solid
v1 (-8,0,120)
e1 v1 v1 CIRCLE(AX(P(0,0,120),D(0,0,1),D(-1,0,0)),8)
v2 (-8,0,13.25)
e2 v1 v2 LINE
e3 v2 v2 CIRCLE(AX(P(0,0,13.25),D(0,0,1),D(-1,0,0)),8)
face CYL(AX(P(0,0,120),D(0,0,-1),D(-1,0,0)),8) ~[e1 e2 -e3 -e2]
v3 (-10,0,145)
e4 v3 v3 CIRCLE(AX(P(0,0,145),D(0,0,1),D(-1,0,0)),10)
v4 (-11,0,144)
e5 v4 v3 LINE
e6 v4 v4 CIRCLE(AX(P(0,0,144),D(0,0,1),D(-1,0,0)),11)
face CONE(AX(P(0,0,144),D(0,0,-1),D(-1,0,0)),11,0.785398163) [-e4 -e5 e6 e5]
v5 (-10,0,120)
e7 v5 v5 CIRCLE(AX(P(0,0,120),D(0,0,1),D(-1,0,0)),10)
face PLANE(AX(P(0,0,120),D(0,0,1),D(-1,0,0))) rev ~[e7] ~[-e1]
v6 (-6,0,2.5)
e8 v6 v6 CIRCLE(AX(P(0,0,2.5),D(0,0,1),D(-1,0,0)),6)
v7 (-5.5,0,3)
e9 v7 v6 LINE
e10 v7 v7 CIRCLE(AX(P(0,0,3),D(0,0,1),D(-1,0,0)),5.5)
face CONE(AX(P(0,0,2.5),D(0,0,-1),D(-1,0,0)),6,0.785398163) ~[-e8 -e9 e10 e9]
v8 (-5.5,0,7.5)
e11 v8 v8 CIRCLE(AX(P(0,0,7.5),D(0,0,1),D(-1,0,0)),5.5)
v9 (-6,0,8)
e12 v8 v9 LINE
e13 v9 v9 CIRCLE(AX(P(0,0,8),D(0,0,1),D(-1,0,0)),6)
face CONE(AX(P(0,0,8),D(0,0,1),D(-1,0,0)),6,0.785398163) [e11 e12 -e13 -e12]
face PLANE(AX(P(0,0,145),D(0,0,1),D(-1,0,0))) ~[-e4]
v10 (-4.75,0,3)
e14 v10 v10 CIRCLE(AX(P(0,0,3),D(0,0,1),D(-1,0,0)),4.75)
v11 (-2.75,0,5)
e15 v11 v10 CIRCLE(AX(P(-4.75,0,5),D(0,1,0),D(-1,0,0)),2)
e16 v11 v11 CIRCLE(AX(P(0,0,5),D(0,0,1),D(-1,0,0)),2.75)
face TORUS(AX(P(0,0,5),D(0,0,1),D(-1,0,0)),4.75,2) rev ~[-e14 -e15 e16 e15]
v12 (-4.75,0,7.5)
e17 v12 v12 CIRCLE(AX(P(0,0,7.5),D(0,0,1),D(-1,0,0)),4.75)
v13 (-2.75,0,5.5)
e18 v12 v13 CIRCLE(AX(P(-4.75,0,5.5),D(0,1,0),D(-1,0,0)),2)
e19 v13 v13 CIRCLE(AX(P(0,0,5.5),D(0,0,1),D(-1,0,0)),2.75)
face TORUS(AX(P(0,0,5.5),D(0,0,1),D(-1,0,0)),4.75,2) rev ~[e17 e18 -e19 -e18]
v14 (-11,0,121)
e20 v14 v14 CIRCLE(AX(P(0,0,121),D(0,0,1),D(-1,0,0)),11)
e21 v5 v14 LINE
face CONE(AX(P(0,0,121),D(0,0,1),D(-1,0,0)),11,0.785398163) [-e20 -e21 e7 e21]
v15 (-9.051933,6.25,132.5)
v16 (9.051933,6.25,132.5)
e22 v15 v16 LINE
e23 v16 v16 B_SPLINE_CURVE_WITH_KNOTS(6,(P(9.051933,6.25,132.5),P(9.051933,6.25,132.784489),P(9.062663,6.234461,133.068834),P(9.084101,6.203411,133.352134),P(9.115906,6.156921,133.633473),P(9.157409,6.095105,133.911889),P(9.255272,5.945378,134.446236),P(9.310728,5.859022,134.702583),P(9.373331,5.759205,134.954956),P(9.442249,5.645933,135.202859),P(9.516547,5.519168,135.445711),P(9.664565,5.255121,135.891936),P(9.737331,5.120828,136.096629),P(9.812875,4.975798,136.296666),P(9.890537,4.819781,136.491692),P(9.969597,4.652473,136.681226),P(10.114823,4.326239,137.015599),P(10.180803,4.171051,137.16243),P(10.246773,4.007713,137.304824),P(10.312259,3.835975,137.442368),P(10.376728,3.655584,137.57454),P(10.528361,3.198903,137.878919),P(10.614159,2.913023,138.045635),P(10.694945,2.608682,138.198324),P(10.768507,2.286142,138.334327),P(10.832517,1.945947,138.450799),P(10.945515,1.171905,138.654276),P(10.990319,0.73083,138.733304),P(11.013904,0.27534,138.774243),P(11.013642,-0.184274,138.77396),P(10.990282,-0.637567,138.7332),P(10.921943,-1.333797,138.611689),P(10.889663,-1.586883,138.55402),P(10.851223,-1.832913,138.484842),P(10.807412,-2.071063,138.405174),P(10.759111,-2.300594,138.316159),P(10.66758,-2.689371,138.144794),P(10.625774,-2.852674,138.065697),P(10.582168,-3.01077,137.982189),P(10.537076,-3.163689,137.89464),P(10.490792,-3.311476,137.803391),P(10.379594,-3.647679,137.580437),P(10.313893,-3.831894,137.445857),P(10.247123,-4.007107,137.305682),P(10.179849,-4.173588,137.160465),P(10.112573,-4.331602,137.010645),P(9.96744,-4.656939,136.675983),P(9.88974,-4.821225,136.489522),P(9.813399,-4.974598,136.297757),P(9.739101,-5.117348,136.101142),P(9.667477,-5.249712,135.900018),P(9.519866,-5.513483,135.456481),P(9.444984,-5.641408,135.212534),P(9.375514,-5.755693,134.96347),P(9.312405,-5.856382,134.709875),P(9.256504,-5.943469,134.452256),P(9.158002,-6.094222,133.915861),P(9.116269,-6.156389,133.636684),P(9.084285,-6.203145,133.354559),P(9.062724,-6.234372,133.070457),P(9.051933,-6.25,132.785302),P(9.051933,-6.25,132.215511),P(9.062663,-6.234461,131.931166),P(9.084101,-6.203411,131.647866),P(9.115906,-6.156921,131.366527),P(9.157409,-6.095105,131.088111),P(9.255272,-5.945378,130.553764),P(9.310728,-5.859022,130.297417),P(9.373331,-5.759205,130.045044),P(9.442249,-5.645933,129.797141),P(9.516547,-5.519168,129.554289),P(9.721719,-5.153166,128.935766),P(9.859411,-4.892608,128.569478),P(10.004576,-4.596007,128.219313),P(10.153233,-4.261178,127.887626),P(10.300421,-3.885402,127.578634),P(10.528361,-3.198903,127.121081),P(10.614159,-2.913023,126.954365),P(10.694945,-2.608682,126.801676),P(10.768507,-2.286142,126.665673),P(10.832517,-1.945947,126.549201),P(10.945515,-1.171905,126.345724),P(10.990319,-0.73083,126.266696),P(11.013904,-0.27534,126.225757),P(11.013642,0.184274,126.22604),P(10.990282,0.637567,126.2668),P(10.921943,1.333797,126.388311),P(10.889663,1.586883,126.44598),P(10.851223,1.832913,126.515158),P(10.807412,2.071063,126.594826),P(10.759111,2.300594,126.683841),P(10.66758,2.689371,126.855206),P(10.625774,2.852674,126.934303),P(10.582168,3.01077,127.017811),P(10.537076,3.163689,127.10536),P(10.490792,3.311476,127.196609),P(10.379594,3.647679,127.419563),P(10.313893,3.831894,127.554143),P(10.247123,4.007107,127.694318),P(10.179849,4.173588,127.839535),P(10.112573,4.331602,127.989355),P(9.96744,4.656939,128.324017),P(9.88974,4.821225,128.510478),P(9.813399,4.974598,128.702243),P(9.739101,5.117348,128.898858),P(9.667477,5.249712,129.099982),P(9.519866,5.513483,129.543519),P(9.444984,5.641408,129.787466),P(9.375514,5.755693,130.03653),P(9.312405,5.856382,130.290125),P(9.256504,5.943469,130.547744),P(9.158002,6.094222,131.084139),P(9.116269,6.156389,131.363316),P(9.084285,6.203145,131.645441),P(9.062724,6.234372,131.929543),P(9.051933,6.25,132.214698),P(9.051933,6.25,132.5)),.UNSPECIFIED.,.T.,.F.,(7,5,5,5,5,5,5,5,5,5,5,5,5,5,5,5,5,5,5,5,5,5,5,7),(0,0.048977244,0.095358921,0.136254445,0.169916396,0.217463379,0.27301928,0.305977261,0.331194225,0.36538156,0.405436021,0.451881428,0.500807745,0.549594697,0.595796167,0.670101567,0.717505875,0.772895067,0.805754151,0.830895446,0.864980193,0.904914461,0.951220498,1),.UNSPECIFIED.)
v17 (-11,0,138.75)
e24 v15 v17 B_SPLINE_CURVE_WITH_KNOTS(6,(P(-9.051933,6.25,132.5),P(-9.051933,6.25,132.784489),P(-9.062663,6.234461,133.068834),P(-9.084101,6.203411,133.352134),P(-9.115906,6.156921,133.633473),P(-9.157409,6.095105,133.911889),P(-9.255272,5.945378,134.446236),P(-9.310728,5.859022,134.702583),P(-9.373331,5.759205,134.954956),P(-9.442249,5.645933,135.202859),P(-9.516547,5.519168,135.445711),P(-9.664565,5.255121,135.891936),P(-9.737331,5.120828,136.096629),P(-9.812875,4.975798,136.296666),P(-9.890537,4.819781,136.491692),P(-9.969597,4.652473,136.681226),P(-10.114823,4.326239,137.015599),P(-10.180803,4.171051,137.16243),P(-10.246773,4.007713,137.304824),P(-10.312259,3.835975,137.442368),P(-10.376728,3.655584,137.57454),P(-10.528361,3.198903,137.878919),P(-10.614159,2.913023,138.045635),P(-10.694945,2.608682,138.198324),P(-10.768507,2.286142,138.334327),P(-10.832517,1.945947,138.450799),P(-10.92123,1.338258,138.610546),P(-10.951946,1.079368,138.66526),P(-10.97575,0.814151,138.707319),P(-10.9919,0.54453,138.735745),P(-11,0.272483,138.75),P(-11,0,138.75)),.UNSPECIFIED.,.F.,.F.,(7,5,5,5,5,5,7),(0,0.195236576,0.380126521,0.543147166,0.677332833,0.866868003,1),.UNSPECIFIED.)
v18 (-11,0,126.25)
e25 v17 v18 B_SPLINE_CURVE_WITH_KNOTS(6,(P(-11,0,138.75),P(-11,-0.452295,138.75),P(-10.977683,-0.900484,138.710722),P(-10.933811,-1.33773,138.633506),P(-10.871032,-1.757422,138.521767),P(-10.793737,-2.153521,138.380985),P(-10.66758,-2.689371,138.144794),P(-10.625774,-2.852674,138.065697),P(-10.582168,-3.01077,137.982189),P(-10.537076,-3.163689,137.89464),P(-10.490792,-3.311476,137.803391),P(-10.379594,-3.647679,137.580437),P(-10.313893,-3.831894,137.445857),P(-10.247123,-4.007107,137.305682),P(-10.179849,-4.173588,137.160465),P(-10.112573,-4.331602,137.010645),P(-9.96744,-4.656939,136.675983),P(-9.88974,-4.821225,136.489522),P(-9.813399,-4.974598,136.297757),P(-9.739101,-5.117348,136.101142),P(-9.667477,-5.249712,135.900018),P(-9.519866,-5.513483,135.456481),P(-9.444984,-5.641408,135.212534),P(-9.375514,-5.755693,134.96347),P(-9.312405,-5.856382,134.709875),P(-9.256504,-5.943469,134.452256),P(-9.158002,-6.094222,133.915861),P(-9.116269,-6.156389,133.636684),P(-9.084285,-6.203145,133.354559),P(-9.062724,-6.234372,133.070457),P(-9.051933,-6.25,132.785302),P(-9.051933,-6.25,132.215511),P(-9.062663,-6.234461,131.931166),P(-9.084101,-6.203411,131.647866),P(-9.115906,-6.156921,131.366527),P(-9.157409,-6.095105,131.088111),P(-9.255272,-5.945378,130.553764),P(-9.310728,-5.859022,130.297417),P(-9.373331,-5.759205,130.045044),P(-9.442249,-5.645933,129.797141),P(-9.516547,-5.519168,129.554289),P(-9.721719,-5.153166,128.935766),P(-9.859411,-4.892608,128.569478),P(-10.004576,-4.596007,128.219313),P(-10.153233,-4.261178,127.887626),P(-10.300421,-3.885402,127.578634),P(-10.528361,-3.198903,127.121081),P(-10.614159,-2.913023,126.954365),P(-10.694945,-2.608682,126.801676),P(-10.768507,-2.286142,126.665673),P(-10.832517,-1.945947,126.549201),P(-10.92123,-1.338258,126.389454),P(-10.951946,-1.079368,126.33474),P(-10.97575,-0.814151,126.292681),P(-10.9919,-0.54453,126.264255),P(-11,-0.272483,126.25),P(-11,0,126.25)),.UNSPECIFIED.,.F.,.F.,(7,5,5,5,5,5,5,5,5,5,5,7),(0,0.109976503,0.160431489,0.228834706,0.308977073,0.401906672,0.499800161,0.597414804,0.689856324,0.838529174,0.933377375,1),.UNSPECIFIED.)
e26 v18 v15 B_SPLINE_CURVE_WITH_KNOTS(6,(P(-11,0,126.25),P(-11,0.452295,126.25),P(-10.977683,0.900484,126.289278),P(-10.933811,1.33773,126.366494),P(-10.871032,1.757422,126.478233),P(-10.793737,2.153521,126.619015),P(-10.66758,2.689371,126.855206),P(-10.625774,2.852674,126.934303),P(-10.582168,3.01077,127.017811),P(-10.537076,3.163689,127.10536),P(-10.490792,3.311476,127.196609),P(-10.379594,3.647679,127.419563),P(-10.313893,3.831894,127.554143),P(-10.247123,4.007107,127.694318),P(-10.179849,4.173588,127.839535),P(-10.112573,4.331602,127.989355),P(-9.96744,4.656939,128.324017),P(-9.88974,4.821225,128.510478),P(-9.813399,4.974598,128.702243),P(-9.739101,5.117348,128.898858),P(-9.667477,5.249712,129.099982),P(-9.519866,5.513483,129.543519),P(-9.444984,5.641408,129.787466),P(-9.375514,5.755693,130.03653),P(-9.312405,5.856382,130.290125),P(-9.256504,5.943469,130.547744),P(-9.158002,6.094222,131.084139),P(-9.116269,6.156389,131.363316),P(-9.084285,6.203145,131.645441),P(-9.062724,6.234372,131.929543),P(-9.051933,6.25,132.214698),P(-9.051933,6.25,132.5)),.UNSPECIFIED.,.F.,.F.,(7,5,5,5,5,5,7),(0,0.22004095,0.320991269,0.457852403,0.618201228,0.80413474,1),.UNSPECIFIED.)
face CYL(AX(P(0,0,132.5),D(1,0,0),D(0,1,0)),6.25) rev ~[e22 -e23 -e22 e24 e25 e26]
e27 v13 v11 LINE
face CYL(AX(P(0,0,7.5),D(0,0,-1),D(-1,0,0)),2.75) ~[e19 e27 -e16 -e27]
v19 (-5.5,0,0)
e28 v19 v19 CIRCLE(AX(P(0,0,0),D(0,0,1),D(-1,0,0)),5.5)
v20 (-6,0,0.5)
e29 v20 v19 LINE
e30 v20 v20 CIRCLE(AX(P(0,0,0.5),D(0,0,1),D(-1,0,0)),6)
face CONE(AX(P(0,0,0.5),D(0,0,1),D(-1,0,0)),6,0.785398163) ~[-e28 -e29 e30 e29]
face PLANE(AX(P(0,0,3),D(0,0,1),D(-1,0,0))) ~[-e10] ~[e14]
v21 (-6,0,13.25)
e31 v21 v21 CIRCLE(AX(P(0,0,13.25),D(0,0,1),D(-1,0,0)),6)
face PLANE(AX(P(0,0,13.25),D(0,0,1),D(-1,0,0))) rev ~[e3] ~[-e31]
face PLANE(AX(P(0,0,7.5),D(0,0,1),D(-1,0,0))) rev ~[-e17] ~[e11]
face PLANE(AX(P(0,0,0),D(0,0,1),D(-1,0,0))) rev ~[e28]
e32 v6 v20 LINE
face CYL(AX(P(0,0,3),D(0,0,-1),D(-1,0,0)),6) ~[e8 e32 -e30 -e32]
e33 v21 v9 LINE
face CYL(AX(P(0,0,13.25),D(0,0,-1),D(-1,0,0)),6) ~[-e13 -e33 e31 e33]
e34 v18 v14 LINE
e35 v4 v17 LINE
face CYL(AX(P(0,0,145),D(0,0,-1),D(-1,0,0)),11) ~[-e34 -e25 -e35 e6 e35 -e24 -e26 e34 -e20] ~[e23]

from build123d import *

# Parameters (mm, degrees)
F2_R     = 2
F3_SIZE  = 0.5
F4_R     = 6.25
F5_DEPTH = 20.1
F6_SIZE  = 1


with BuildPart() as f1:
    # F0 (on Front) → F1 (revolve)
    with BuildSketch(Plane.XZ):
        Polygon((-6, 0), (0, 0), (0, 145), (-11, 145), (-11, 120), (-8, 120), (-8, 13.25), (-6, 13.25), (-6, 7.5), (-2.75, 7.5), (-2.75, 3), (-6, 3), align=None)
    revolve(axis=Axis((0, 0, 49.5666371724), (0, 0, 1)))

    # F2
    f2_edges = [f1.edges().sort_by_distance(p)[0] for p in [
        (2.75, 0, 7.5),
        (2.75, 0, 3),
        (-2.75, 0, 5.25),
    ]]
    fillet(f2_edges, radius=F2_R)

    # F3
    f3_edges = [f1.edges().sort_by_distance(p)[0] for p in [
        (6, 0, 7.5),
        (6, 0, 3),
        (6, 0, 0),
    ]]
    chamfer(f3_edges, length=F3_SIZE)

    # F4 (on Right) → F5 (cut, symmetric)
    with BuildSketch(Plane.YZ):
        with Locations((0, 132.5)):
            Circle(F4_R)
    extrude(amount=F5_DEPTH, both=True, mode=Mode.SUBTRACT)

    # F6
    f6_edges = [f1.edges().sort_by_distance(p)[0] for p in [
        (11, 0, 145),
        (11, 0, 120),
    ]]
    chamfer(f6_edges, length=F6_SIZE)


solid = f1.part
